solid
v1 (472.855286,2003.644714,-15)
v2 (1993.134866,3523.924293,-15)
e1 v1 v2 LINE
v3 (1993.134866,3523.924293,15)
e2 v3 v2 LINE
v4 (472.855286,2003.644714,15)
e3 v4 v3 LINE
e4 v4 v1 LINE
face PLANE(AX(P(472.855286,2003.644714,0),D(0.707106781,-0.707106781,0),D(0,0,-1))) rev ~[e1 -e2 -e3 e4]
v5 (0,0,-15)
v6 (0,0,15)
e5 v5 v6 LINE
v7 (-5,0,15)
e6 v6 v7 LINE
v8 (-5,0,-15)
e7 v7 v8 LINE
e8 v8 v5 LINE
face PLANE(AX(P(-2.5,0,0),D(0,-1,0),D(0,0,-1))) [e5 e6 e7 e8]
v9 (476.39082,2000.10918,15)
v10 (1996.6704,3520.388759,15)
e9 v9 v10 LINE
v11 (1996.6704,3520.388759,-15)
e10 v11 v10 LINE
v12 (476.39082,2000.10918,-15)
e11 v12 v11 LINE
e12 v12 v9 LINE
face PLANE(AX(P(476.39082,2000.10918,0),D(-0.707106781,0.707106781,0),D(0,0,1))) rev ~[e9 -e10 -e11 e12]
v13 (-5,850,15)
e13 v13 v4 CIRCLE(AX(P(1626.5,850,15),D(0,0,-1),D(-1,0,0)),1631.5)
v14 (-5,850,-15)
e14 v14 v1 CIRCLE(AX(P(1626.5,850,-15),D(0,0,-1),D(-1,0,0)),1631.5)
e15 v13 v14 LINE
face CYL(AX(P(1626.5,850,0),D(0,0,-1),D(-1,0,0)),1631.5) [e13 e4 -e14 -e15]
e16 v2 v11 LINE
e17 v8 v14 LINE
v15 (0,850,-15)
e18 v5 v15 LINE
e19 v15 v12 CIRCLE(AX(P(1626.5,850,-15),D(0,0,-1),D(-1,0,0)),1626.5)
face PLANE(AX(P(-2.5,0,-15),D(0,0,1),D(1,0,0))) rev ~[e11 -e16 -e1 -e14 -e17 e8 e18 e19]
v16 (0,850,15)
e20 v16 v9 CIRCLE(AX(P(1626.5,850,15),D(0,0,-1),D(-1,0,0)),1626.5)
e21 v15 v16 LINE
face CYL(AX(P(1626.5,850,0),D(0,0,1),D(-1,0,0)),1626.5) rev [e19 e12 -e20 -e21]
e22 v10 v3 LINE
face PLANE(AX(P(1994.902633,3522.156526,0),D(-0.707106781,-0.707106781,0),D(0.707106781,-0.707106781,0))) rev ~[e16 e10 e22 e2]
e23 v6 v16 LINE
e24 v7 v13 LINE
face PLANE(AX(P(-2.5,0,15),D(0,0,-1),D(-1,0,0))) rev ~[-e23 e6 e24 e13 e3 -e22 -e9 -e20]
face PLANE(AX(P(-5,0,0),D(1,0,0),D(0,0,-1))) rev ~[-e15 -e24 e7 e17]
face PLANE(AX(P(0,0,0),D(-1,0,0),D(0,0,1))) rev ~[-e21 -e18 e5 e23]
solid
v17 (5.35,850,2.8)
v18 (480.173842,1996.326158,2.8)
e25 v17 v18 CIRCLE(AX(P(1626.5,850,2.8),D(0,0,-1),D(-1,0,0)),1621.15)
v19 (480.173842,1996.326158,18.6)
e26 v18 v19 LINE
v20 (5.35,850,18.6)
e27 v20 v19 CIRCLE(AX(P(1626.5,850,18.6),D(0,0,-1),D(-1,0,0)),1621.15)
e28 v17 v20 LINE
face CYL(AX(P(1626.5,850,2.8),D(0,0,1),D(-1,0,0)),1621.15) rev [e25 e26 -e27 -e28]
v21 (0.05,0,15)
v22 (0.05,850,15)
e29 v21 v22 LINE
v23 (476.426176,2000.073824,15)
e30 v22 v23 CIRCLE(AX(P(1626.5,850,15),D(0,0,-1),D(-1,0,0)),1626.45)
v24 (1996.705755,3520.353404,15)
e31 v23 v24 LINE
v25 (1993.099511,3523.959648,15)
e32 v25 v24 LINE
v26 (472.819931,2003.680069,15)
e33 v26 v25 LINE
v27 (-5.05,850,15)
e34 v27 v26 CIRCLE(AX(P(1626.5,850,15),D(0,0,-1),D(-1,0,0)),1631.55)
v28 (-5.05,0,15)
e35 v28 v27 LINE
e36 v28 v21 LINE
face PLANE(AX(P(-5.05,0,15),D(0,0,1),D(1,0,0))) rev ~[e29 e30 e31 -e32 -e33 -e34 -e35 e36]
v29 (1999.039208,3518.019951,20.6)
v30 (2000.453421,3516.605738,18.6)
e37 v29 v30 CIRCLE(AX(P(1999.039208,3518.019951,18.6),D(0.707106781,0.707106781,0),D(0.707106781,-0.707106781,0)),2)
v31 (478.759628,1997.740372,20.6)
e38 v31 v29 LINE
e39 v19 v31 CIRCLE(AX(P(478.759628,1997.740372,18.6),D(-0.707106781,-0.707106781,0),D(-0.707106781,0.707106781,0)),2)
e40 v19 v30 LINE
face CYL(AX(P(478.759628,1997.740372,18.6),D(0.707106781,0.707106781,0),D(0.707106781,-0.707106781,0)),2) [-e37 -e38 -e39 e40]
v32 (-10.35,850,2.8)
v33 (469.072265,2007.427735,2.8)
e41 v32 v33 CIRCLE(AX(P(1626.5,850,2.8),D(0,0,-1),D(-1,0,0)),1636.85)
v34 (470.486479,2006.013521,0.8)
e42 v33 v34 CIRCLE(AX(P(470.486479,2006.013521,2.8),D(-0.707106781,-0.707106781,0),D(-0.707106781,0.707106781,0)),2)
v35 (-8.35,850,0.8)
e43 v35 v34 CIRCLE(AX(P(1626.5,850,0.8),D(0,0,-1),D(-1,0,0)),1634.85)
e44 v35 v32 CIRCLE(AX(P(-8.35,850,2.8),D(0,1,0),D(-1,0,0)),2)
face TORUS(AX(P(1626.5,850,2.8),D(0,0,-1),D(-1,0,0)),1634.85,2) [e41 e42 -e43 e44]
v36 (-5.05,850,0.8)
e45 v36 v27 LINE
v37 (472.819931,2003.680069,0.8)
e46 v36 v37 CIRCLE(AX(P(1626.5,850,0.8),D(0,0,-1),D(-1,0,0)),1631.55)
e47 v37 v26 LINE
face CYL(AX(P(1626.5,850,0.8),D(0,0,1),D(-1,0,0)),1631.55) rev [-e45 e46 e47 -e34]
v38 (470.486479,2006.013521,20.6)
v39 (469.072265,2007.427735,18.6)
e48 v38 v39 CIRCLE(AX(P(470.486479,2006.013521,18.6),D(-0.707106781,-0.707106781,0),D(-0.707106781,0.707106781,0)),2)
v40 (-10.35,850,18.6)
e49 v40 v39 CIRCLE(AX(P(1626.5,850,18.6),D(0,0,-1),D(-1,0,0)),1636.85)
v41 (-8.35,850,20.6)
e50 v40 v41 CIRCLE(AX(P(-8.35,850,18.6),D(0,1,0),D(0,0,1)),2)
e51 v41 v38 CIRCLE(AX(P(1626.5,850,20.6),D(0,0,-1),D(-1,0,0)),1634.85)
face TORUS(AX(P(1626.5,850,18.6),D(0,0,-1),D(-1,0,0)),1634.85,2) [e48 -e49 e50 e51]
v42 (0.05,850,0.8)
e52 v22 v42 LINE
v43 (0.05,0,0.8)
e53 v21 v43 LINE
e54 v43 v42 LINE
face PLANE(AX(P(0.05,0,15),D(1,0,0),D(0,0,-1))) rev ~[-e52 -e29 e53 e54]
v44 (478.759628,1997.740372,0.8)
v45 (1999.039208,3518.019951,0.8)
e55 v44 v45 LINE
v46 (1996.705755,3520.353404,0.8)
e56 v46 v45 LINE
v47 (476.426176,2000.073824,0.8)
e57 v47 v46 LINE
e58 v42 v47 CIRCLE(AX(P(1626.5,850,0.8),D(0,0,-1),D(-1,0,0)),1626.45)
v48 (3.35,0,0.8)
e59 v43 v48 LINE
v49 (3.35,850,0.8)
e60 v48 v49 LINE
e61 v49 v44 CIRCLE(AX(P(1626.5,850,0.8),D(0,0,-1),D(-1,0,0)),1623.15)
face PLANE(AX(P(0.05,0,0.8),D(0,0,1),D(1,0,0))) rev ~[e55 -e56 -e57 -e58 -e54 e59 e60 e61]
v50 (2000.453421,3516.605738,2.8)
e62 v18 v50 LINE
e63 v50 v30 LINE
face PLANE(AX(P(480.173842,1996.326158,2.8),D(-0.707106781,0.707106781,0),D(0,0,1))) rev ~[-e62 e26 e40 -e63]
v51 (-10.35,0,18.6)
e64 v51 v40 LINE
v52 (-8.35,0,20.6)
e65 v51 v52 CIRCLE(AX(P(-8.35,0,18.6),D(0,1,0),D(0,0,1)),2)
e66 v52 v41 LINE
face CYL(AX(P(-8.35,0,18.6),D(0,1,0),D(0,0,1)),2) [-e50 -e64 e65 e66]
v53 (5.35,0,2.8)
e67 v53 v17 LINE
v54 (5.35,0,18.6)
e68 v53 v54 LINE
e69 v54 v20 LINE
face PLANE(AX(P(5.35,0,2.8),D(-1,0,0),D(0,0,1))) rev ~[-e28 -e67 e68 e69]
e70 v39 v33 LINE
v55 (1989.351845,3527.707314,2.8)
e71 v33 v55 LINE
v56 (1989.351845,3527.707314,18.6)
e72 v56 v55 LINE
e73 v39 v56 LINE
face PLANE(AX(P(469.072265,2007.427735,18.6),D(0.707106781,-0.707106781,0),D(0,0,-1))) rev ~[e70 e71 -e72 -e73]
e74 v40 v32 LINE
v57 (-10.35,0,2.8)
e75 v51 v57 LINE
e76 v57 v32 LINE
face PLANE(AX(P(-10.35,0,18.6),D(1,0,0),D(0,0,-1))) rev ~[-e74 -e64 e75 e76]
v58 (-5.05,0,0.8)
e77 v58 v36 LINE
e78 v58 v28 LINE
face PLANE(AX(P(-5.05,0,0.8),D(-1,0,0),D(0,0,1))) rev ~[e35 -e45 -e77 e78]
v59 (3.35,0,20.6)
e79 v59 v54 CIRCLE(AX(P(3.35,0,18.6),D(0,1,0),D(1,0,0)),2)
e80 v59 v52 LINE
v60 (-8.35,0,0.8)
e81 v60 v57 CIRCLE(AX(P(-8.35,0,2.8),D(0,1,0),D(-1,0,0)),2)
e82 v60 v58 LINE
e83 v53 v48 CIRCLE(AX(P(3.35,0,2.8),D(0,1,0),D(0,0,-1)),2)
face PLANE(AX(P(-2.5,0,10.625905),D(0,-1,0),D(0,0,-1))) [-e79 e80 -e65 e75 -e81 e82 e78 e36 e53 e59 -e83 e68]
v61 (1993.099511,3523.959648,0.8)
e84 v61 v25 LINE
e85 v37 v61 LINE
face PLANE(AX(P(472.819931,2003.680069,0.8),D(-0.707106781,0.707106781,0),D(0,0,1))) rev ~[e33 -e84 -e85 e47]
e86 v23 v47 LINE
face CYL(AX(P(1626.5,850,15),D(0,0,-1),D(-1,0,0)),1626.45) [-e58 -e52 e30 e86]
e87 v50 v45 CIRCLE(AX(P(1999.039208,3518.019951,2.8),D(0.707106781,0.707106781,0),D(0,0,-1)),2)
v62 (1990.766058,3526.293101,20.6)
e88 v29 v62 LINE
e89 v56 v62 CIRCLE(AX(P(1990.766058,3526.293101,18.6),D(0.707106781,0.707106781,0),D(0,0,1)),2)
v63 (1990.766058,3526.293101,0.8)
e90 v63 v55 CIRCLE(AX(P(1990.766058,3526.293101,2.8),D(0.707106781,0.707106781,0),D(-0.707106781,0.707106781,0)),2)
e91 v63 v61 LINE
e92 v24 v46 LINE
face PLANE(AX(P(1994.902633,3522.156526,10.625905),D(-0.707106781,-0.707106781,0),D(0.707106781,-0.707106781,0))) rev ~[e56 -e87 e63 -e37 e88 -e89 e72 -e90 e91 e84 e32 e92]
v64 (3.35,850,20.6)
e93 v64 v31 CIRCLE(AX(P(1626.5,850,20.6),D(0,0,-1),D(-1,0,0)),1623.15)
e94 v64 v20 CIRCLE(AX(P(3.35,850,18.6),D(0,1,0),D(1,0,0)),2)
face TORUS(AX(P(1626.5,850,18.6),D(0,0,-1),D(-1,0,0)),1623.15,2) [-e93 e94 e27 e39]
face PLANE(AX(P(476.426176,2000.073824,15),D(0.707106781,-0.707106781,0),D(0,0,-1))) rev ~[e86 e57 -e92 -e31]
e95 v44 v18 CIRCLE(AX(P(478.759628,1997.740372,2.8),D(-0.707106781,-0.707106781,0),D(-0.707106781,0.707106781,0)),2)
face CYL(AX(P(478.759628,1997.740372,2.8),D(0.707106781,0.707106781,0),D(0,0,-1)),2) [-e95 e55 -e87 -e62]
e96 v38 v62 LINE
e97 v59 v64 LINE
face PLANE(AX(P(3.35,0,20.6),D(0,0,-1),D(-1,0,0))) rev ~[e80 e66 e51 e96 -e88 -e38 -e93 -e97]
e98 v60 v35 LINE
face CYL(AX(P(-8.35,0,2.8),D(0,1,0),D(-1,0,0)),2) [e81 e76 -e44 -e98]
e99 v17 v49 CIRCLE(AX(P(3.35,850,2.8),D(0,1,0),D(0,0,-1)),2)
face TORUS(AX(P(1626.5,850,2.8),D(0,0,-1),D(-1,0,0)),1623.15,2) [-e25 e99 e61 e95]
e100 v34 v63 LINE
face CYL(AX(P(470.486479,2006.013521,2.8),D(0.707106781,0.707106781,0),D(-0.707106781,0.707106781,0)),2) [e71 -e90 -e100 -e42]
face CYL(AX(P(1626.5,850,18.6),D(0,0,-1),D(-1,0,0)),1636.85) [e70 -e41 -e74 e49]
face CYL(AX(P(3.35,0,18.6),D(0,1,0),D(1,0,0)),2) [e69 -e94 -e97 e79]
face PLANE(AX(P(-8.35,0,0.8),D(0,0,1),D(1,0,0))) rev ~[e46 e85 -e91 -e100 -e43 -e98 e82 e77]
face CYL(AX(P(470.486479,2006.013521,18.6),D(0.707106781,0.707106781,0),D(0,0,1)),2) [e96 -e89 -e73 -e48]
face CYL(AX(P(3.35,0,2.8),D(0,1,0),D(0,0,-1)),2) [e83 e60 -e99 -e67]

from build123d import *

# Parameters (mm, degrees)
F1_W = 5
F1_H = 30


with BuildPart() as f2:
    # F2: sweep along a path in F0
    with BuildLine(Plane.XY) as f2_path:
        Line((0, 0), (0, 850))
        ThreePointArc((0, 850), (123.8099403704, 1472.4346027418), (476.3908204001, 2000.1091795999))
        Line((476.3908204001, 2000.1091795999), (1996.6703999512, 3520.388759151))
    # F1 (on Front) → F2 (sweep)
    with BuildSketch(Plane.XZ):
        with Locations((-2.5, 0)):
            Rectangle(F1_W, F1_H)
    sweep(path=f2_path.line)


with BuildPart() as f4:
    # F4: sweep along a path in F4_path
    with BuildLine(Plane(origin=(0, 0, 15), x_dir=(-1, 0, 0), z_dir=(0, 0, 1))) as f4_path:
        Line((0, 0), (0, -850))
        ThreePointArc((0, -850), (-123.8099403704, -1472.4346027418), (-476.3908204001, -2000.1091795999))
        Line((-476.3908204001, -2000.1091795999), (-1996.6703999513, -3520.3887591509))
    # F3 (on face) → F4 (sweep)
    with BuildSketch(Plane.XZ):
        with BuildLine():
            Line((-10.35, 18.6), (-10.35, 2.8))
            ThreePointArc((-10.35, 2.8), (-9.7642135624, 1.3857864376), (-8.35, 0.8))
            Line((-8.35, 0.8), (-5.05, 0.8))
            Line((-5.05, 0.8), (-5.05, 15))
            Line((-5.05, 15), (0.05, 15))
            Line((0.05, 15), (0.05, 0.8))
            Line((0.05, 0.8), (3.35, 0.8))
            ThreePointArc((3.35, 0.8), (4.7642135624, 1.3857864376), (5.35, 2.8))
            Line((5.35, 2.8), (5.35, 18.6))
            ThreePointArc((5.35, 18.6), (4.7642135624, 20.0142135624), (3.35, 20.6))
            Line((3.35, 20.6), (-8.35, 20.6))
            ThreePointArc((-8.35, 20.6), (-9.7642135624, 20.0142135624), (-10.35, 18.6))
        make_face()
    sweep(path=f4_path.line)


solid = Compound([f2.part, f4.part])
